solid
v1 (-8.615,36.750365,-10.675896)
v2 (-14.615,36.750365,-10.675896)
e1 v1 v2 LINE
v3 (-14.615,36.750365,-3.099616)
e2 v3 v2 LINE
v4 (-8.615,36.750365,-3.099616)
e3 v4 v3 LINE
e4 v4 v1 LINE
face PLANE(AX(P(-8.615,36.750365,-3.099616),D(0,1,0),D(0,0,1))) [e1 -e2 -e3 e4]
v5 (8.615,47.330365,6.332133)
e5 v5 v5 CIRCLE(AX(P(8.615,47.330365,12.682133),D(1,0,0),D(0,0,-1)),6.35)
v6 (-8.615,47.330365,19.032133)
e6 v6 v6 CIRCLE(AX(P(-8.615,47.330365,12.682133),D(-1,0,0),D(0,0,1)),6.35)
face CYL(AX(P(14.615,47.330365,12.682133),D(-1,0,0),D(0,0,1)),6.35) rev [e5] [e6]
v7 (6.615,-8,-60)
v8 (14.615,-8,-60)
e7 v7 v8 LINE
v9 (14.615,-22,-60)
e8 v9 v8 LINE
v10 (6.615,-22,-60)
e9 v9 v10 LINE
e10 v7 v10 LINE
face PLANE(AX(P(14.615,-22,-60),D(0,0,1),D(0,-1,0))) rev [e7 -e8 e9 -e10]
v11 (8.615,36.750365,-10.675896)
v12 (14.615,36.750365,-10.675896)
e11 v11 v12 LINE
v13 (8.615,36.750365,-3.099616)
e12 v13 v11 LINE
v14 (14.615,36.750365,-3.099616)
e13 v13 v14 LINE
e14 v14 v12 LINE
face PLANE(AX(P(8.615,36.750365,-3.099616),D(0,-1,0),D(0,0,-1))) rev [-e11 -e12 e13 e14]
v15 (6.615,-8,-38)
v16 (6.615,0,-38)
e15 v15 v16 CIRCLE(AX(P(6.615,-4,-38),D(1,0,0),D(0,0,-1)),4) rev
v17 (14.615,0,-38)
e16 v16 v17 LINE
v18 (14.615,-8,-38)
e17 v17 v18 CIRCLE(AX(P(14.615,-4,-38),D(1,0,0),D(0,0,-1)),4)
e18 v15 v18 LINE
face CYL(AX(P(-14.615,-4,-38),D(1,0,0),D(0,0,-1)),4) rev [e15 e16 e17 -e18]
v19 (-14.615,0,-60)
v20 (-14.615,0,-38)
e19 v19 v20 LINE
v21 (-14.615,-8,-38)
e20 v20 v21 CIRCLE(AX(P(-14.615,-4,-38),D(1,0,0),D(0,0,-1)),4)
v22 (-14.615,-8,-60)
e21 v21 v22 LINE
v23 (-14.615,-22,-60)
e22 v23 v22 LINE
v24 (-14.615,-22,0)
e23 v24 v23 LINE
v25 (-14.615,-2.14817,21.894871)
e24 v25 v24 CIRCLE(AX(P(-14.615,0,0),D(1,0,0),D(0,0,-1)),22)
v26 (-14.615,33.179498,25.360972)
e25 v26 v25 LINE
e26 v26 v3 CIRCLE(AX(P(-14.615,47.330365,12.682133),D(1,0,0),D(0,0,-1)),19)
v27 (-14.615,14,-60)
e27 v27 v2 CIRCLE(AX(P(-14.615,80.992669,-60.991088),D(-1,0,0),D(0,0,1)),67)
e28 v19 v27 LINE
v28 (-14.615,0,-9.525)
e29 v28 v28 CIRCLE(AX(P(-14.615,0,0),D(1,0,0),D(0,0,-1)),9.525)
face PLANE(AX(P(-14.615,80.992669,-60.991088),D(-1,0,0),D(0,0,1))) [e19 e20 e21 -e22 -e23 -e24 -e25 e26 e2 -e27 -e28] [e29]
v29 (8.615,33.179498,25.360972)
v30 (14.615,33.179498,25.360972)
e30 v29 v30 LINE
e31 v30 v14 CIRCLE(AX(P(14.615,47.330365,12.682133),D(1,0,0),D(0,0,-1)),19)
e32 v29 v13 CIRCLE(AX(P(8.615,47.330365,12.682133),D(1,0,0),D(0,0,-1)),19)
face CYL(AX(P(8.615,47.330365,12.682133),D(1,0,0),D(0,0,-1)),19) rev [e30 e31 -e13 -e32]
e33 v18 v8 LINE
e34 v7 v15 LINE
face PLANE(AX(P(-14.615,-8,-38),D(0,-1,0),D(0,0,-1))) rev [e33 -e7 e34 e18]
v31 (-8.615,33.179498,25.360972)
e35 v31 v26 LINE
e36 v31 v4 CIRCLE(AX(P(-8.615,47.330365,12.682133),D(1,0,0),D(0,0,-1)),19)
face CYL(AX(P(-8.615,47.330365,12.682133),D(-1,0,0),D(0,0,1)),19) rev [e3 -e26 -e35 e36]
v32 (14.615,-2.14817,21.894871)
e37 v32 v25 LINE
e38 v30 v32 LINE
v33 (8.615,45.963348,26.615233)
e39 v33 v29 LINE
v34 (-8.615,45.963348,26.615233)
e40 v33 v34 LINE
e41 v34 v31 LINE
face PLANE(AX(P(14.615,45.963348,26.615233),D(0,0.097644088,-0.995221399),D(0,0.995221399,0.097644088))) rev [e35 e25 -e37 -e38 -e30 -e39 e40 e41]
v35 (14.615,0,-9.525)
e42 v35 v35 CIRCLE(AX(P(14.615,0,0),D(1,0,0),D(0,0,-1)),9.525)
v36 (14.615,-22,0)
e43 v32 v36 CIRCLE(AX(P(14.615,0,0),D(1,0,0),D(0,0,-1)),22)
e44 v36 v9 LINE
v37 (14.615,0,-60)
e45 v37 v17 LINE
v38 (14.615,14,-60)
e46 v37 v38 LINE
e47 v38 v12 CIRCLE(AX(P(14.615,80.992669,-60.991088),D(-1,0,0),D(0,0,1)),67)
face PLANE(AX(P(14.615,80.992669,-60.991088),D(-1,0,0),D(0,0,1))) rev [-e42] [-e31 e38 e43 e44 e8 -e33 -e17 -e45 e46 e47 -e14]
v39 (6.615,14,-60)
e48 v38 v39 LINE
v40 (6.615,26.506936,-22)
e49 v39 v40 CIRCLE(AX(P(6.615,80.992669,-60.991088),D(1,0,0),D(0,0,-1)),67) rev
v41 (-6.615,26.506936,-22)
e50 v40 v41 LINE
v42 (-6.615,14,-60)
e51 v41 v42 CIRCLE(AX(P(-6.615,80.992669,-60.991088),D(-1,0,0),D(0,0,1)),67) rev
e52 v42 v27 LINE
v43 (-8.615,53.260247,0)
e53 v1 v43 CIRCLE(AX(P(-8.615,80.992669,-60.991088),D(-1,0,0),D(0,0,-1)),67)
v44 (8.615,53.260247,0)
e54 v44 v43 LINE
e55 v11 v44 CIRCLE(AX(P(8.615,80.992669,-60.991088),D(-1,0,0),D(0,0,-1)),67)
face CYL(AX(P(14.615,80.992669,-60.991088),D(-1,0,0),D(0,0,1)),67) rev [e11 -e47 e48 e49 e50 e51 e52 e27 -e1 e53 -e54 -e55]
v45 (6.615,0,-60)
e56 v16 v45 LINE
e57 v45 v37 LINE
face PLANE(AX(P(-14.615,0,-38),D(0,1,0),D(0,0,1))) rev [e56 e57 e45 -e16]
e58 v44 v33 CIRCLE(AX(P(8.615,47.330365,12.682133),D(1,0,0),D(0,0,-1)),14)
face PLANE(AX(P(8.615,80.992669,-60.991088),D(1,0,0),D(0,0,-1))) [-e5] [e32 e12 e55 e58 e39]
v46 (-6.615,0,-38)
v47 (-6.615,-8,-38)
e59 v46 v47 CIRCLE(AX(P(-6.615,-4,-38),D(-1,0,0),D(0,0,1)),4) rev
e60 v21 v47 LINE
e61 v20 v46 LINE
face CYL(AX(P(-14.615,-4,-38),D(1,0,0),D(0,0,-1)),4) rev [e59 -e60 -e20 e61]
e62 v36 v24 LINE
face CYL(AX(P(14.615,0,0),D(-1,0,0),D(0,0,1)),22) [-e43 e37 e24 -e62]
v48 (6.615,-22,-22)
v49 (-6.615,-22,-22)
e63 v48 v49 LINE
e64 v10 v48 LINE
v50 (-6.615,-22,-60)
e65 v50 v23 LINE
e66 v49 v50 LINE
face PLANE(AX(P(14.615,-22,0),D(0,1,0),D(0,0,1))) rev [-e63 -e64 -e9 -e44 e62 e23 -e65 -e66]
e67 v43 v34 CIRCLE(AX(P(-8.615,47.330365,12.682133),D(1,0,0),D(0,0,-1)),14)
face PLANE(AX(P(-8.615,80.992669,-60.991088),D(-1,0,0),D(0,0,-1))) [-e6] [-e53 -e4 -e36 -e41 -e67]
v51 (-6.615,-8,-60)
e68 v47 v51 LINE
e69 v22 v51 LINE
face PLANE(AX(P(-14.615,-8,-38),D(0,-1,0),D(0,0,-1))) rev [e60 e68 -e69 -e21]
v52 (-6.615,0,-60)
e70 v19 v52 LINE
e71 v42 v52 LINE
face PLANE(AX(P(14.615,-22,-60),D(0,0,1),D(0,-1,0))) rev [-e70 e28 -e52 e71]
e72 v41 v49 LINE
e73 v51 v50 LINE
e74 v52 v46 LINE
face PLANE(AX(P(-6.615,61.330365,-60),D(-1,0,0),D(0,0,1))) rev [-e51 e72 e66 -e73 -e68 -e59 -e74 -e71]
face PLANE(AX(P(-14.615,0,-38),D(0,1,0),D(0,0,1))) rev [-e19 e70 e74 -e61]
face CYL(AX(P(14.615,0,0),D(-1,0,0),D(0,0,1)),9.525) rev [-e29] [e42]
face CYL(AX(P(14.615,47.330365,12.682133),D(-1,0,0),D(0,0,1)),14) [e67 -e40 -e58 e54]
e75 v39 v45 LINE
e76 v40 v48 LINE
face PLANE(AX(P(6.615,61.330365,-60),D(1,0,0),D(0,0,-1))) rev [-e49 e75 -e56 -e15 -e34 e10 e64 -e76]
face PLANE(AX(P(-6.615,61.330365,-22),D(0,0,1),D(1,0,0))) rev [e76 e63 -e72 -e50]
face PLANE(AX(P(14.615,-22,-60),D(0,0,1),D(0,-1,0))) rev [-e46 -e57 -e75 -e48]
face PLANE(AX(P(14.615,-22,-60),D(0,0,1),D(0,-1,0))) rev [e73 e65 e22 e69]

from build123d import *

# Parameters (mm, degrees)
SKETCH1_R           = 6.35
SKETCH1_R_2         = 9.525
BOSS_EXTRUDE1_DEPTH = 14.615
CUT_EXTRUDE1_DEPTH  = 91.641086881
SKETCH4_W           = 13.23
SKETCH4_H           = 38
CUT_EXTRUDE2_DEPTH  = 104.718600248
CUT_EXTRUDE3_DEPTH  = 6


with BuildPart() as part:
    # Sketch1 → Boss-Extrude1 (new, symmetric)
    with BuildSketch(Plane(origin=(0, 0, 0), x_dir=(0, 0, -1), z_dir=(1, 0, 0))):
        with BuildLine():
            Line((0, -22), (60, -22))
            Line((60, -22), (60, 14))
            ThreePointArc((60, 14), (24.306087072, 24.928324713), (0, 53.260247211))
            ThreePointArc((0, 53.260247211), (-16.383810232, 60.832127863), (-26.61523279, 45.963348263))
            Line((-26.61523279, 45.963348263), (-21.894870769, -2.148169925))
            ThreePointArc((-21.894870769, -2.148169925), (-14.777351956, -16.298155392), (0, -22))
        make_face()
        with Locations((-12.68213321, 47.330365488)):
            Circle(SKETCH1_R, mode=Mode.SUBTRACT)
        Circle(SKETCH1_R_2, mode=Mode.SUBTRACT)
    extrude(amount=BOSS_EXTRUDE1_DEPTH, both=True)

    # Sketch2 → Cut-Extrude1 (cut, through all)
    with BuildSketch(Plane(origin=(14.615, 0, 0), x_dir=(0, 0, -1), z_dir=(1, 0, 0))):
        with BuildLine():
            Line((38, 0), (60, 0))
            ThreePointArc((60, 0), (64, -4), (60, -8))
            Line((60, -8), (38, -8))
            ThreePointArc((38, -8), (34, -4), (38, 0))
        make_face()
    extrude(amount=-CUT_EXTRUDE1_DEPTH, mode=Mode.SUBTRACT)

    # Sketch4 → Cut-Extrude2 (cut, through all)
    with BuildSketch(Plane.XZ.offset(22)):
        with Locations((0, -41)):
            Rectangle(SKETCH4_W, SKETCH4_H)
    extrude(amount=-CUT_EXTRUDE2_DEPTH, mode=Mode.SUBTRACT)

    # Sketch5 → Cut-Extrude3 (cut)
    with BuildSketch(Plane(origin=(14.615, 0, 0), x_dir=(0, 0, -1), z_dir=(1, 0, 0))):
        with BuildLine():
            Line((3.099615742, 36.750365488), (10.675895531, 36.750365488))
            ThreePointArc((10.675895531, 36.750365488), (4.729057579, 44.611575605), (0, 53.260247211))
            ThreePointArc((0, 53.260247211), (-16.383810232, 60.832127863), (-26.61523279, 45.963348263))
            Line((-26.61523279, 45.963348263), (-25.360971776, 33.179497931))
            ThreePointArc((-25.360971776, 33.179497931), (-10.316803002, 28.478171637), (3.099615742, 36.750365488))
        make_face()
    cut_extrude3 = extrude(amount=-CUT_EXTRUDE3_DEPTH, mode=Mode.SUBTRACT)

    # Mirror1: Cut-Extrude3 across plane
    add(cut_extrude3.mirror(Plane(origin=(0, 0, 0), x_dir=(0, 0, 1), z_dir=(1, 0, 0))), mode=Mode.SUBTRACT)


solid = part.part
